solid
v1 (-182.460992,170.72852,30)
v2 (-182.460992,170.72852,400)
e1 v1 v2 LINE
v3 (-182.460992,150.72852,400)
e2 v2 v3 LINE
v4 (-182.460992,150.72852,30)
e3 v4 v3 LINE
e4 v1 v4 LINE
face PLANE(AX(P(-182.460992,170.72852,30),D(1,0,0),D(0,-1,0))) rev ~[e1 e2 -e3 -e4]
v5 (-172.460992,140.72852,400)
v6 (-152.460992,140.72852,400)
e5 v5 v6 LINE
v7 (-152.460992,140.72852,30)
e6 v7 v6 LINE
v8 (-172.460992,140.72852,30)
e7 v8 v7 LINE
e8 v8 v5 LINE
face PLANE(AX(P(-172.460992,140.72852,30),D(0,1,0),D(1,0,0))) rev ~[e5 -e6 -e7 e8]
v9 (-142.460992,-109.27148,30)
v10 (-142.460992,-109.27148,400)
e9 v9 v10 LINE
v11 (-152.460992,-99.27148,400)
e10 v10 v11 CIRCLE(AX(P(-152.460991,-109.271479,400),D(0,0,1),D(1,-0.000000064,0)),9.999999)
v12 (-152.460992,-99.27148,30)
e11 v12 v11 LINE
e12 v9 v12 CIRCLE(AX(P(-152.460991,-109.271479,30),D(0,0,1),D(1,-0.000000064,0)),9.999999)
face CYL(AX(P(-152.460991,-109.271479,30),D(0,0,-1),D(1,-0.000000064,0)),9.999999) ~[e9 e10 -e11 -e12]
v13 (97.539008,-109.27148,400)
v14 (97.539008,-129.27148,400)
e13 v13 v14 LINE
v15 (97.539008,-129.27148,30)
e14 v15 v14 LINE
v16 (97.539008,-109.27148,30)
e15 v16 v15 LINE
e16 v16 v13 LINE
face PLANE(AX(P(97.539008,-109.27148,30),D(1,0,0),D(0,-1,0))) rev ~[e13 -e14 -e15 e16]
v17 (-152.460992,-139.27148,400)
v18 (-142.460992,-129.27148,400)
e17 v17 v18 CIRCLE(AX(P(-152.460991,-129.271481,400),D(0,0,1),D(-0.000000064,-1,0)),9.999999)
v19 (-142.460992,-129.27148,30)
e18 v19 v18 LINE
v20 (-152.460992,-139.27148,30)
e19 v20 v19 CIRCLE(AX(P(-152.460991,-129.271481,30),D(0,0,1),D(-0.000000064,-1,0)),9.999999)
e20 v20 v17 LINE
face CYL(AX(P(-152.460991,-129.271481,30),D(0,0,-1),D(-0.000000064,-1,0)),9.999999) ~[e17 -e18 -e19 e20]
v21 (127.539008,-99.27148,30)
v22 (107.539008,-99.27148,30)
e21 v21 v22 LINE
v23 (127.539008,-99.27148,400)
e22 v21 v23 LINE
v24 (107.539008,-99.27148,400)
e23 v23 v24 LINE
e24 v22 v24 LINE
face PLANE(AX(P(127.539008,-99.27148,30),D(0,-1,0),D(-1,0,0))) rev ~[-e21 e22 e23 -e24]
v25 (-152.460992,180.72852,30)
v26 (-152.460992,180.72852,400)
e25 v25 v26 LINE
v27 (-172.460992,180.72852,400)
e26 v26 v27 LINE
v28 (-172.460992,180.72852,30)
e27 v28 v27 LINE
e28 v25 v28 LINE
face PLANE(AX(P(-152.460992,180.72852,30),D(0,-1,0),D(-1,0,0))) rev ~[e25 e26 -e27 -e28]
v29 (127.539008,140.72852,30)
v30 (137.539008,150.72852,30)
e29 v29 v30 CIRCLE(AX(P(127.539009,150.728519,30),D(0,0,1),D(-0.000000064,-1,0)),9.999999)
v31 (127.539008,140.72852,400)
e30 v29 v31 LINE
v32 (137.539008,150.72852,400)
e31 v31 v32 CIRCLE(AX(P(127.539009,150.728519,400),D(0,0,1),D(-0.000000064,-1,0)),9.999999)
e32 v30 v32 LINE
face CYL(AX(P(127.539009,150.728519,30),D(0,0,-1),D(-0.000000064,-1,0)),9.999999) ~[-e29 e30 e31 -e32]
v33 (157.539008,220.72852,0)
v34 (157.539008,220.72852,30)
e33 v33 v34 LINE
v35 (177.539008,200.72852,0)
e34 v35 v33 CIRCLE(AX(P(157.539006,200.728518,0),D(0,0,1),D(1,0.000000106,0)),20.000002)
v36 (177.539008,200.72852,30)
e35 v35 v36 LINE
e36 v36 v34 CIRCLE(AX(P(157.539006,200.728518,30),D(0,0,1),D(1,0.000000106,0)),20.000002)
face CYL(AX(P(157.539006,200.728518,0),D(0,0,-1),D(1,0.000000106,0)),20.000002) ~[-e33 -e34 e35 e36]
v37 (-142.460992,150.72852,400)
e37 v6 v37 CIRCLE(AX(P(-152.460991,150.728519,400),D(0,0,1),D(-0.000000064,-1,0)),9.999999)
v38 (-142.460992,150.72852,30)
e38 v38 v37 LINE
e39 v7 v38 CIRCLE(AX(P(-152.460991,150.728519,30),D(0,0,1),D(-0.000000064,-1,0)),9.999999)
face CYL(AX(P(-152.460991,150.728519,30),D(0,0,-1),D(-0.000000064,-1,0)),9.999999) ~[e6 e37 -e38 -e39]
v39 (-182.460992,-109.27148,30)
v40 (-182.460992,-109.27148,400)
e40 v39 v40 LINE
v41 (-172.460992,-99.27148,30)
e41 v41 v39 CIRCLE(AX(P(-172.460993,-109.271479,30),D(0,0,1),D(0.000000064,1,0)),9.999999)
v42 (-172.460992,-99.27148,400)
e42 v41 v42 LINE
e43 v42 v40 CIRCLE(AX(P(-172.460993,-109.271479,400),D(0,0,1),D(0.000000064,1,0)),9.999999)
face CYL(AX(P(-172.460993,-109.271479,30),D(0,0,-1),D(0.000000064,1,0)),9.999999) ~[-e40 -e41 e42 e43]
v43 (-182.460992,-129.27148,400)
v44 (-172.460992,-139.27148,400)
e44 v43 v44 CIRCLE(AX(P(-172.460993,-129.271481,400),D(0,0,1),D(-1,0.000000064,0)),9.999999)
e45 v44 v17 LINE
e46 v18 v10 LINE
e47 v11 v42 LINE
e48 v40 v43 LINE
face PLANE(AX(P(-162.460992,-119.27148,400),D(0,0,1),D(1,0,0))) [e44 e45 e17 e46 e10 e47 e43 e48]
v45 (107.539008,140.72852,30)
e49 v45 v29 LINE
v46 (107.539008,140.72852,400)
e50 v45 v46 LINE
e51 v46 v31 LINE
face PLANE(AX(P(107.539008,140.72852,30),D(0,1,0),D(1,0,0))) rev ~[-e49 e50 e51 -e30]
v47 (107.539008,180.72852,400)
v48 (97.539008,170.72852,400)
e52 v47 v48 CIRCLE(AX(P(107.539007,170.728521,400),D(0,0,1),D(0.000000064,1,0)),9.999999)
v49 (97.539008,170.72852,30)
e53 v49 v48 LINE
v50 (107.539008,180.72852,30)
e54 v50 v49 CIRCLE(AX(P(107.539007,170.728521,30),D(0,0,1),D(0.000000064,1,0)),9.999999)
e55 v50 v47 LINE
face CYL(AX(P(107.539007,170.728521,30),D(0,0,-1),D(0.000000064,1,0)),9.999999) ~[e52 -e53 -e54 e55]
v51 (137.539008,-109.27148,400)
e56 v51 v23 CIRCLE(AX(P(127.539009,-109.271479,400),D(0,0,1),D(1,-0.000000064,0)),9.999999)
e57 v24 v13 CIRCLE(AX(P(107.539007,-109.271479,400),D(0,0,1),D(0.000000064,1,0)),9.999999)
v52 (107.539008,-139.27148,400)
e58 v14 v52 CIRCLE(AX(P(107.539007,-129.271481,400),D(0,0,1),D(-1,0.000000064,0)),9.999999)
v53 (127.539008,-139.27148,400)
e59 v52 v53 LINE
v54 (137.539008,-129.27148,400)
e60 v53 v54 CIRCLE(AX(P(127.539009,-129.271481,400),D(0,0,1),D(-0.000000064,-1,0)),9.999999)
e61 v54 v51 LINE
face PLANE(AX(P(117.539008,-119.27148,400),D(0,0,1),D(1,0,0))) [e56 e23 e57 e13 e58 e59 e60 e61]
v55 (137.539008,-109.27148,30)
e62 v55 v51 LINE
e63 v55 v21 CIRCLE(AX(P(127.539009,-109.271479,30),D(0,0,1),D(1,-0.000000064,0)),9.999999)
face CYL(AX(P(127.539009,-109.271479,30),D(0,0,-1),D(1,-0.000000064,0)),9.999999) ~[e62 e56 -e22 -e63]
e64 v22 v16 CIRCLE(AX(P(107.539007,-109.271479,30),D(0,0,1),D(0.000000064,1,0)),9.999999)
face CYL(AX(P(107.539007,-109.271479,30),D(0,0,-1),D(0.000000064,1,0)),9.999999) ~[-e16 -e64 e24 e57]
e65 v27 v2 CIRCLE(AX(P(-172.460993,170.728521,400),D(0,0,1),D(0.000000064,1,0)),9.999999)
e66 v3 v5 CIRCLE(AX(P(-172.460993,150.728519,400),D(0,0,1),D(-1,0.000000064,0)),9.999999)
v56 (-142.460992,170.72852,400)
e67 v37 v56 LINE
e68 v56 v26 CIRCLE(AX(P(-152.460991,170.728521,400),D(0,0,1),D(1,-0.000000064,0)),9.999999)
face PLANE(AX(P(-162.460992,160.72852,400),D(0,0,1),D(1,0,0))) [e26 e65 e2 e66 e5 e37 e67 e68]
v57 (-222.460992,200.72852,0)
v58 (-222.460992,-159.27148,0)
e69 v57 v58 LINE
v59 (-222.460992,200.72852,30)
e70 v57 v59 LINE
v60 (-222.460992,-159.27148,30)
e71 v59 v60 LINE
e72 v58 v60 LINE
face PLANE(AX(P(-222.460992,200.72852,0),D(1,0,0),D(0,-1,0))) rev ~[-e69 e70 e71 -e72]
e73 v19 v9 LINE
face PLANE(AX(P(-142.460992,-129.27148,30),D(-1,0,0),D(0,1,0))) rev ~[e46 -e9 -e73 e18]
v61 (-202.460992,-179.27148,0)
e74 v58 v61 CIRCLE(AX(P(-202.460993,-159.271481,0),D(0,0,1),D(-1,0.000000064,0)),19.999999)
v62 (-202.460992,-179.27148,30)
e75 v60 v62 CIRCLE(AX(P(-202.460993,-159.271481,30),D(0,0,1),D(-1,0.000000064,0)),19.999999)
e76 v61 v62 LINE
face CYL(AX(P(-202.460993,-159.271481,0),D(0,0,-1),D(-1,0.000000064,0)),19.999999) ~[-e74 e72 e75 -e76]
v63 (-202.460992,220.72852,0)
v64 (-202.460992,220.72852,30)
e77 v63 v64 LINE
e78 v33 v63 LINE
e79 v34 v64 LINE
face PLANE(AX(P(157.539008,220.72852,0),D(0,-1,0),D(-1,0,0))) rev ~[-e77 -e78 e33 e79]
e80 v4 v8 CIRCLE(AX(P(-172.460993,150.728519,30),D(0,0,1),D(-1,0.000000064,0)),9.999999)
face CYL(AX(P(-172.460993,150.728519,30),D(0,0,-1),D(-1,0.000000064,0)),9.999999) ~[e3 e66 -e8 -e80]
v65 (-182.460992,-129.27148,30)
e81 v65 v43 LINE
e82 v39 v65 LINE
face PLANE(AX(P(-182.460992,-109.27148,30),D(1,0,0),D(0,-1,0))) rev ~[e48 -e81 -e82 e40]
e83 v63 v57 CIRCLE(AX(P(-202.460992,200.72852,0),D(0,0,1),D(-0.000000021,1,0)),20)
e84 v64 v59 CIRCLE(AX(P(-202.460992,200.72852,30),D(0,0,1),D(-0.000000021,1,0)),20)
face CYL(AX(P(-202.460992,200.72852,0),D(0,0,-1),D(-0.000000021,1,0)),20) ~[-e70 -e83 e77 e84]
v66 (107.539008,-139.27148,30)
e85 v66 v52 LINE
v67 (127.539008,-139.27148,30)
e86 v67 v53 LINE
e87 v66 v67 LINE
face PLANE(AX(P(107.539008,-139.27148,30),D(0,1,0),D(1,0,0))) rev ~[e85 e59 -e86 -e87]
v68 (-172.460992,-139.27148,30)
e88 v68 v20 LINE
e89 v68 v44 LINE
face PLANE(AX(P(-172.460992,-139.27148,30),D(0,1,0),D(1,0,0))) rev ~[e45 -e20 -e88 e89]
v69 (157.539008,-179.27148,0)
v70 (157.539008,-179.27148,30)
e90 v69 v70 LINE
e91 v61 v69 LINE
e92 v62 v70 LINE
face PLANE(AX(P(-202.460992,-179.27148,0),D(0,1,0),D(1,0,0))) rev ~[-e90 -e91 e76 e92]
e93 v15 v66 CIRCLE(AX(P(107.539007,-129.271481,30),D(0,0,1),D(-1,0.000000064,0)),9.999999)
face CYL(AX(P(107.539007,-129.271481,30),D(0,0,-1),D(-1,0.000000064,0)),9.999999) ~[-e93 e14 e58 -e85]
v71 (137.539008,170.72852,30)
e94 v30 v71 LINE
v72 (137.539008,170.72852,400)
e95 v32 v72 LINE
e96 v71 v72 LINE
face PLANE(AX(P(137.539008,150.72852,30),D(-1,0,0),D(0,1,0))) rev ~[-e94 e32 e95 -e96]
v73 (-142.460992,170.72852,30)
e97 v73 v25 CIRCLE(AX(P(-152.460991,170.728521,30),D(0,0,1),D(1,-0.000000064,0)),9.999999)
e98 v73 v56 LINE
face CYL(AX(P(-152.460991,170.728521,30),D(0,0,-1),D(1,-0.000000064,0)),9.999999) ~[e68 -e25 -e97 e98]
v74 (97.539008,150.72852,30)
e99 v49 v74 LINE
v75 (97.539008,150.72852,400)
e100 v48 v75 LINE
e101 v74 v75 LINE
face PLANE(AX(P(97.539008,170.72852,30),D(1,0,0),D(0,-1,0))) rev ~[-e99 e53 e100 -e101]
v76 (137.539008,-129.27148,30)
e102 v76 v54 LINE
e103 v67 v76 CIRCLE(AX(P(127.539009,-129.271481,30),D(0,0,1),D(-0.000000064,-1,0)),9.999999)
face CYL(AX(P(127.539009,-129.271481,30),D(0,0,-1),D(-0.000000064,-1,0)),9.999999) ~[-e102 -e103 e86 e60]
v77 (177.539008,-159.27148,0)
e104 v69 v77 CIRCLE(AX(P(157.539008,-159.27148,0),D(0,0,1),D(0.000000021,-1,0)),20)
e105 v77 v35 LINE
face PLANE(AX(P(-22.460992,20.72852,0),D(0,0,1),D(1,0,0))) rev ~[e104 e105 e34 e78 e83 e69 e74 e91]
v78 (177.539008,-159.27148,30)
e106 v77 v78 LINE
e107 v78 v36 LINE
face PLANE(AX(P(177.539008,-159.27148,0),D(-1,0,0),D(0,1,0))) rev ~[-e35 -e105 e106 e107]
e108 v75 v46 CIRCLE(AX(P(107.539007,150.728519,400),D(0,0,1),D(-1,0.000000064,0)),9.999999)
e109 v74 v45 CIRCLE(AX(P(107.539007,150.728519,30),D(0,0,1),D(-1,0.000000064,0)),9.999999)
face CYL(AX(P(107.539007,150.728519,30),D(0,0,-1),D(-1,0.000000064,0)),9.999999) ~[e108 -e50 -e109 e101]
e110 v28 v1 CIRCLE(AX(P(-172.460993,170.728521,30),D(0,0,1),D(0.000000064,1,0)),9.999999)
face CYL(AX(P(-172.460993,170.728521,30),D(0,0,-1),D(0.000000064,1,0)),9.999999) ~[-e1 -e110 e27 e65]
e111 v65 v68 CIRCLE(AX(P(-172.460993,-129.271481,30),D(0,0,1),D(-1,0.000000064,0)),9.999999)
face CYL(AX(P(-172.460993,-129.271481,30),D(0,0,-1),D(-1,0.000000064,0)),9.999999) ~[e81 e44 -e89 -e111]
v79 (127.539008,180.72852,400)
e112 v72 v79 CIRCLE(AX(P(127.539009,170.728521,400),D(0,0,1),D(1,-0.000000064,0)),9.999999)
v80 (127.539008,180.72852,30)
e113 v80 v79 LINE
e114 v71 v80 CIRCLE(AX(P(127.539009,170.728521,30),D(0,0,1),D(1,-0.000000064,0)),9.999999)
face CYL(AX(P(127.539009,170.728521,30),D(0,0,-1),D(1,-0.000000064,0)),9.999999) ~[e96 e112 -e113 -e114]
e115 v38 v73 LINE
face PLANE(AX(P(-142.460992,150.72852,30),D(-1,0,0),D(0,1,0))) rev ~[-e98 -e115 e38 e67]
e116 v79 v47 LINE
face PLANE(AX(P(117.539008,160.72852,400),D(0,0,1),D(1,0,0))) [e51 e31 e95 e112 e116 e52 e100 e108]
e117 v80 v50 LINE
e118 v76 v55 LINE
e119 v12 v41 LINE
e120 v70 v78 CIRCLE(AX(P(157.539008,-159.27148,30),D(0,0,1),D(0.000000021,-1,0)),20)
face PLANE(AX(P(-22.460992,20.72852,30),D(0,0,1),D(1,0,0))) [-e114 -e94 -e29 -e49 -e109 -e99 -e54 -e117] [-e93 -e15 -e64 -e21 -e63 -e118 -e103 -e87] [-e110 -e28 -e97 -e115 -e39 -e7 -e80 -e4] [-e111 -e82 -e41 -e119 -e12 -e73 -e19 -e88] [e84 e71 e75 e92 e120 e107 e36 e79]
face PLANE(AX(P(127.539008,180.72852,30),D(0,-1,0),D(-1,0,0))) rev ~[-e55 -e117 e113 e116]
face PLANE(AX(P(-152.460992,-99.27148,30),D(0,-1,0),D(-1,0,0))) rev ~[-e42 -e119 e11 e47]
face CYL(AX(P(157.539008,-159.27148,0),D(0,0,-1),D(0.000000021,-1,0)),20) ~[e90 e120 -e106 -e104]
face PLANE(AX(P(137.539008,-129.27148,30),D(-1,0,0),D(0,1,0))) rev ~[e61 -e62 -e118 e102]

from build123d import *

# Parameters (mm, degrees)
F1_DEPTH = 30
F3_DEPTH = 370


with BuildPart() as f1:
    # F0 (on Top) → F1 (new body)
    with BuildSketch(Plane.XY):
        with BuildLine():
            Line((157.539008, 220.72852), (-202.460992, 220.72852))
            ThreePointArc((-202.460992, 220.72852), (-216.603128, 214.870655), (-222.460992, 200.72852))
            Line((-222.460992, 200.72852), (-222.460992, -159.27148))
            ThreePointArc((-222.460992, -159.27148), (-216.603128, -173.413616), (-202.460992, -179.27148))
            Line((-202.460992, -179.27148), (157.539008, -179.27148))
            ThreePointArc((157.539008, -179.27148), (171.681143, -173.413616), (177.539008, -159.27148))
            Line((177.539008, -159.27148), (177.539008, 200.72852))
            ThreePointArc((177.539008, 200.72852), (171.681143, 214.870655), (157.539008, 220.72852))
        make_face()
    extrude(amount=F1_DEPTH)

    # F2 (on face) → F3 (join)
    with BuildSketch(Plane.XY.offset(30)):
        with BuildLine():
            Line((-152.460992, 180.72852), (-172.460992, 180.72852))
            ThreePointArc((-172.460992, 180.72852), (-179.53206, 177.799588), (-182.460992, 170.72852))
            Line((-182.460992, 170.72852), (-182.460992, 150.72852))
            ThreePointArc((-182.460992, 150.72852), (-179.53206, 143.657452), (-172.460992, 140.72852))
            Line((-172.460992, 140.72852), (-152.460992, 140.72852))
            ThreePointArc((-152.460992, 140.72852), (-145.389924, 143.657452), (-142.460992, 150.72852))
            Line((-142.460992, 150.72852), (-142.460992, 170.72852))
            ThreePointArc((-142.460992, 170.72852), (-145.389924, 177.799588), (-152.460992, 180.72852))
        make_face()
        with BuildLine():
            Line((127.539008, 180.72852), (107.539008, 180.72852))
            ThreePointArc((107.539008, 180.72852), (100.46794, 177.799588), (97.539008, 170.72852))
            Line((97.539008, 170.72852), (97.539008, 150.72852))
            ThreePointArc((97.539008, 150.72852), (100.46794, 143.657452), (107.539008, 140.72852))
            Line((107.539008, 140.72852), (127.539008, 140.72852))
            ThreePointArc((127.539008, 140.72852), (134.610076, 143.657452), (137.539008, 150.72852))
            Line((137.539008, 150.72852), (137.539008, 170.72852))
            ThreePointArc((137.539008, 170.72852), (134.610076, 177.799588), (127.539008, 180.72852))
        make_face()
        with BuildLine():
            Line((127.539008, -99.27148), (107.539008, -99.27148))
            ThreePointArc((107.539008, -99.27148), (100.46794, -102.200412), (97.539008, -109.27148))
            Line((97.539008, -109.27148), (97.539008, -129.27148))
            ThreePointArc((97.539008, -129.27148), (100.46794, -136.342548), (107.539008, -139.27148))
            Line((107.539008, -139.27148), (127.539008, -139.27148))
            ThreePointArc((127.539008, -139.27148), (134.610076, -136.342548), (137.539008, -129.27148))
            Line((137.539008, -129.27148), (137.539008, -109.27148))
            ThreePointArc((137.539008, -109.27148), (134.610076, -102.200412), (127.539008, -99.27148))
        make_face()
        with BuildLine():
            Line((-152.460992, -99.27148), (-172.460992, -99.27148))
            ThreePointArc((-172.460992, -99.27148), (-179.53206, -102.200412), (-182.460992, -109.27148))
            Line((-182.460992, -109.27148), (-182.460992, -129.27148))
            ThreePointArc((-182.460992, -129.27148), (-179.53206, -136.342548), (-172.460992, -139.27148))
            Line((-172.460992, -139.27148), (-152.460992, -139.27148))
            ThreePointArc((-152.460992, -139.27148), (-145.389924, -136.342548), (-142.460992, -129.27148))
            Line((-142.460992, -129.27148), (-142.460992, -109.27148))
            ThreePointArc((-142.460992, -109.27148), (-145.389924, -102.200412), (-152.460992, -99.27148))
        make_face()
    extrude(amount=F3_DEPTH)


solid = f1.part
